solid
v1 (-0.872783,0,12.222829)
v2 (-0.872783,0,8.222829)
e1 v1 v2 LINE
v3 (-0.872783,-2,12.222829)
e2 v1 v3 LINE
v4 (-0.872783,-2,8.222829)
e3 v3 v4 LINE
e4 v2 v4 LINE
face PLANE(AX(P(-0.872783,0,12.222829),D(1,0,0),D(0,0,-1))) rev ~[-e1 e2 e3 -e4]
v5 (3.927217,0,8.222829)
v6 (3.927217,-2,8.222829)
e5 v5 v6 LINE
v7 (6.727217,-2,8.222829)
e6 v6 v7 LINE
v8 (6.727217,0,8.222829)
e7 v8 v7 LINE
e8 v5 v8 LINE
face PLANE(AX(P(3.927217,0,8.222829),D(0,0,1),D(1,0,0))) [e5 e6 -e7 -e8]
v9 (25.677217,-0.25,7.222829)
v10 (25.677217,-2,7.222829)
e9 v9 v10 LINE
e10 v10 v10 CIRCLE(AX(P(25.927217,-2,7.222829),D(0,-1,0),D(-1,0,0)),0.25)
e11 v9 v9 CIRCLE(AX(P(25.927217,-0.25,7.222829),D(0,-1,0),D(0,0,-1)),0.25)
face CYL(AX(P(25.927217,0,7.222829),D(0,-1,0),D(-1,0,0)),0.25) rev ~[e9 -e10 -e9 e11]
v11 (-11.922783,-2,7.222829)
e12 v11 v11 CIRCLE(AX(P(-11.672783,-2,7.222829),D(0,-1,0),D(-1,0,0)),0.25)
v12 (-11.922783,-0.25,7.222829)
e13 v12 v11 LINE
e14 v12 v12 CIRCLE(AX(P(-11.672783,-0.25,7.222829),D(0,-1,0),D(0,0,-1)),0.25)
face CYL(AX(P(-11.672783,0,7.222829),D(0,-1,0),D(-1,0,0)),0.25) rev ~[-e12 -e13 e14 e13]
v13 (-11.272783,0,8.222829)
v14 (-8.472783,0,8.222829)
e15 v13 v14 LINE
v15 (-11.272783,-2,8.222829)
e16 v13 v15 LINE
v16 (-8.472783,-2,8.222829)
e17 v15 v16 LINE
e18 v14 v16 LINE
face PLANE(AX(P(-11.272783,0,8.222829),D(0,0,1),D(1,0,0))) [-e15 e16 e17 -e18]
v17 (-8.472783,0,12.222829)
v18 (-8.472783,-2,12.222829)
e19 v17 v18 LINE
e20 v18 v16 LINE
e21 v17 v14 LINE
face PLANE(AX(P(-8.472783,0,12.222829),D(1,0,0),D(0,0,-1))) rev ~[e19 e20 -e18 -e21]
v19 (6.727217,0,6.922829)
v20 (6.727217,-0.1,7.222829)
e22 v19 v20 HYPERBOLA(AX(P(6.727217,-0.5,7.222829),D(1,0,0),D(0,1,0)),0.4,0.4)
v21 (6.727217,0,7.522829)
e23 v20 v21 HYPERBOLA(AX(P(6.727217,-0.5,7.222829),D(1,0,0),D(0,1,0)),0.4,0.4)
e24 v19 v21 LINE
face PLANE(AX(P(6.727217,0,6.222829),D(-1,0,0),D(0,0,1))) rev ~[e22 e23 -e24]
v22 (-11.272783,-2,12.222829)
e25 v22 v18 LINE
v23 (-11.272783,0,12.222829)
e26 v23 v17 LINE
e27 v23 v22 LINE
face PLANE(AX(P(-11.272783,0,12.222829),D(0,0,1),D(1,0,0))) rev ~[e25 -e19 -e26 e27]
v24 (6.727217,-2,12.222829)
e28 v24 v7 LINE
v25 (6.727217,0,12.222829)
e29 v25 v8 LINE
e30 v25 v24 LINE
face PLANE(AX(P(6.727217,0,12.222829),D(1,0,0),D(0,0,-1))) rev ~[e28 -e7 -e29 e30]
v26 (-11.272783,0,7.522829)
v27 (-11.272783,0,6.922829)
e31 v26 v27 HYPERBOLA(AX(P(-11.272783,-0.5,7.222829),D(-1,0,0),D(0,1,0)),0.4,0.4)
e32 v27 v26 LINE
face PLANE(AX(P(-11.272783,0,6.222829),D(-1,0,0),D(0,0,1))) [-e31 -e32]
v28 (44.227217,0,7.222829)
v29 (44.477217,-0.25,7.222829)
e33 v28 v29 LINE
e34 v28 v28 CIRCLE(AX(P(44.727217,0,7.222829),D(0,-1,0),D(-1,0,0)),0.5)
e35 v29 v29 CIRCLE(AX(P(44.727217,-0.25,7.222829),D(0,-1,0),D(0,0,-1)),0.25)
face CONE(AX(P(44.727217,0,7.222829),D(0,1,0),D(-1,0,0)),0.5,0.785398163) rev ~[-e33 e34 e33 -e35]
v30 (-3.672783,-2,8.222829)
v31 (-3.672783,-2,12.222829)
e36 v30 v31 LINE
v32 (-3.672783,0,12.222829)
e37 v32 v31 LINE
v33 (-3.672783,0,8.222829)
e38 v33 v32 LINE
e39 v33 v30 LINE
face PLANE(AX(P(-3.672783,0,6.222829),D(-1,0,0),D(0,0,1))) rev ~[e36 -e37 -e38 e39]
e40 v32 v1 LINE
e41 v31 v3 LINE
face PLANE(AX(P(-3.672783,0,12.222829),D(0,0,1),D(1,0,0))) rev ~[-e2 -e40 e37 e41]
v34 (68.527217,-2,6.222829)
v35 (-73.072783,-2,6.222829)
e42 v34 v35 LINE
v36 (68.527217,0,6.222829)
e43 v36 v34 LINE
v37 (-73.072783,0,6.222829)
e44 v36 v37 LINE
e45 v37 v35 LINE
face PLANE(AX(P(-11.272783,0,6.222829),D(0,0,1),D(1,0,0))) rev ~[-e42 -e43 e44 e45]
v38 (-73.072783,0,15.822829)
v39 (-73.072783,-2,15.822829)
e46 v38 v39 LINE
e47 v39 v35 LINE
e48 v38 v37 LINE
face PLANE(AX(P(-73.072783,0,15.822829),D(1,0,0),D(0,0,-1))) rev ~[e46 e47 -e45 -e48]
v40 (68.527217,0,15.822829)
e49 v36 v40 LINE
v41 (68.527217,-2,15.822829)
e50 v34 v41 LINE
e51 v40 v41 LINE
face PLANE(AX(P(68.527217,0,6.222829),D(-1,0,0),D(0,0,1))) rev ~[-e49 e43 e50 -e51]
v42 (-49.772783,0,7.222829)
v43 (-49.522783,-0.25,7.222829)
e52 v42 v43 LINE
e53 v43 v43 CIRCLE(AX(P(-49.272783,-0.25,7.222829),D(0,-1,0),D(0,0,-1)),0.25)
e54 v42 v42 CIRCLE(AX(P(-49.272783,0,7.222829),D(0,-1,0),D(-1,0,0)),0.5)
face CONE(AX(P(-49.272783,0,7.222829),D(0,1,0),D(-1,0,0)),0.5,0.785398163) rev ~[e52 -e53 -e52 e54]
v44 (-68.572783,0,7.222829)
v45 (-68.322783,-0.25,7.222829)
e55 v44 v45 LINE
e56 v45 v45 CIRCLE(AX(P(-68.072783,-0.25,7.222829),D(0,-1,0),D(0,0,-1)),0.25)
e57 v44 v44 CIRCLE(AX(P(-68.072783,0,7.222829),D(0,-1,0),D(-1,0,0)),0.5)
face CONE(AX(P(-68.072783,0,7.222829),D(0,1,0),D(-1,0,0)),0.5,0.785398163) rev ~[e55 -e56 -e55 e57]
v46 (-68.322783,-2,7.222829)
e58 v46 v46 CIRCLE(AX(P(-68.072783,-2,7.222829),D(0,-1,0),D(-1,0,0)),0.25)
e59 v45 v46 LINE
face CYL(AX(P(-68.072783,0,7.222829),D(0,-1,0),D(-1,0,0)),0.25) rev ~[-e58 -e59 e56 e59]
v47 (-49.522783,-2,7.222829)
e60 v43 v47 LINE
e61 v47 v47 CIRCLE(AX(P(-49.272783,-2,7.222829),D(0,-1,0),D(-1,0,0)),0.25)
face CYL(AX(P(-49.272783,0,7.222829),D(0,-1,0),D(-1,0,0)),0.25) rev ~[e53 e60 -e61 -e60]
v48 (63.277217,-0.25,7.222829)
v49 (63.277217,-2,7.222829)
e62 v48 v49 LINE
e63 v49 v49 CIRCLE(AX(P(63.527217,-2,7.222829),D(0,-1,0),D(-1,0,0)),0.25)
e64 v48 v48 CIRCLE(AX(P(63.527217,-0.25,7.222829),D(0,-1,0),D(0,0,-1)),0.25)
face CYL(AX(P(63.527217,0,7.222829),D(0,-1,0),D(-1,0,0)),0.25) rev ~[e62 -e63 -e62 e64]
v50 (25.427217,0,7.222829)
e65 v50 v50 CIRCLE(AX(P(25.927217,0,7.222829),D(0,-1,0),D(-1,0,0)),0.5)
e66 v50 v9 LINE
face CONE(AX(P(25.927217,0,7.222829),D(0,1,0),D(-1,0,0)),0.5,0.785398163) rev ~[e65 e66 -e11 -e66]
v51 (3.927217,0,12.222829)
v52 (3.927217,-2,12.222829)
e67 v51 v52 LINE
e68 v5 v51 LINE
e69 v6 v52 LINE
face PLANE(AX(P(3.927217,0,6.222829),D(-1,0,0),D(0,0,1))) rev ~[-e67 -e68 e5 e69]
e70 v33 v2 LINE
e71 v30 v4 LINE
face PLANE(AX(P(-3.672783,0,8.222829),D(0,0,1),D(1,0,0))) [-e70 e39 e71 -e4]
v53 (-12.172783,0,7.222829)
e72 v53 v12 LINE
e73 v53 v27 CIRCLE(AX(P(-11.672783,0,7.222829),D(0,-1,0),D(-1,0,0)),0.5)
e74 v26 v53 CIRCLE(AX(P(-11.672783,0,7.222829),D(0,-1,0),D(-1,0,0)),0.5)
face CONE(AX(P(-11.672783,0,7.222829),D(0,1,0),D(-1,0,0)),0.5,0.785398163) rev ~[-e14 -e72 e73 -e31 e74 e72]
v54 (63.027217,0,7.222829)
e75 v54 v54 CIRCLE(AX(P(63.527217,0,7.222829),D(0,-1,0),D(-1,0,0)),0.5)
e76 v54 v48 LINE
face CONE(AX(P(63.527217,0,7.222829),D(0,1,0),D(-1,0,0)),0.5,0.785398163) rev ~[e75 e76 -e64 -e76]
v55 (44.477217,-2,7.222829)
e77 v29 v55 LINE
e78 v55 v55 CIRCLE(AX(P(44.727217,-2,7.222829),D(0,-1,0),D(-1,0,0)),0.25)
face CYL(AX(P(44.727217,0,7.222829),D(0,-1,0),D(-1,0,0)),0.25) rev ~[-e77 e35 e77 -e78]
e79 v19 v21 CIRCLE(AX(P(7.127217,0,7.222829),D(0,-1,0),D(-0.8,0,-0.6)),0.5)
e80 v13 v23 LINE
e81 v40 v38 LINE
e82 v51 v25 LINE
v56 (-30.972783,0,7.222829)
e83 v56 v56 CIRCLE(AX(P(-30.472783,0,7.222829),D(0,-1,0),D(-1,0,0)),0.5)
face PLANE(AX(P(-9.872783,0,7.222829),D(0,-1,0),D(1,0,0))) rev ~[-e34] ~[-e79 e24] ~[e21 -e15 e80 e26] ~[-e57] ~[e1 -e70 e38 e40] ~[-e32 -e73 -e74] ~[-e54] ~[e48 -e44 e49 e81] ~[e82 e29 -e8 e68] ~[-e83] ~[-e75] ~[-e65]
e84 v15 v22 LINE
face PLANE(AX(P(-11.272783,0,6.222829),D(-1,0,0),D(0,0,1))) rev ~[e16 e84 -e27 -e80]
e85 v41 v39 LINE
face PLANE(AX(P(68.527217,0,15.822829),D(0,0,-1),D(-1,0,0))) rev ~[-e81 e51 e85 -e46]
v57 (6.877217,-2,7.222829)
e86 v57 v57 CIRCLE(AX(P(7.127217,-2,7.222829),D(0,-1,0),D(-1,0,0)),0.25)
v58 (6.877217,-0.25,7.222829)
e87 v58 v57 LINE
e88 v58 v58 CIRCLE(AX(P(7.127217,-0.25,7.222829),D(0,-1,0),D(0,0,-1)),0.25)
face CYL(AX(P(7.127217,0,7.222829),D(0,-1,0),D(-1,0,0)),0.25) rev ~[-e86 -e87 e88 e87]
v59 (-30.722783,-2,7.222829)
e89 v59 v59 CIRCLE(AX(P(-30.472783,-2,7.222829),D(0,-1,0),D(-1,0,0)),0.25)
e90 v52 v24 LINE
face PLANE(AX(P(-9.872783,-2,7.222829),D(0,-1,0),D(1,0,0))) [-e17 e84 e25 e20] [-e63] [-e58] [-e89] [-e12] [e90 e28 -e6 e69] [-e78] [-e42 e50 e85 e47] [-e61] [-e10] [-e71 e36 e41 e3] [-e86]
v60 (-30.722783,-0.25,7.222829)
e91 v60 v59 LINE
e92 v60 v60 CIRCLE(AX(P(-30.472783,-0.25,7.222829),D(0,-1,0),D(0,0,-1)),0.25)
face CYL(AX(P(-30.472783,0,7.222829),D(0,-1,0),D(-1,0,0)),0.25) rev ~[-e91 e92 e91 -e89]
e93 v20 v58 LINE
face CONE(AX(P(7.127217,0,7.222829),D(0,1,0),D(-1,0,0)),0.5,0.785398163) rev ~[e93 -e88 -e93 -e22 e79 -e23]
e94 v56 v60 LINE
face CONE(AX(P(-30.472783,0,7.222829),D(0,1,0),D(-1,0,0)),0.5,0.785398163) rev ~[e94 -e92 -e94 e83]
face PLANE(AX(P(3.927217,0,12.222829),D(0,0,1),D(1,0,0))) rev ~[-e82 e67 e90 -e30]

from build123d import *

# Parameters (mm, degrees)
F1_DEPTH       = 2
F2_D           = 0.5
F2_CSINK_D     = 1
F2_CSINK_ANGLE = 90
F0_W           = 2.8
F0_H           = 2
F3_DEPTH       = 2


with BuildPart() as f1:
    # F0 (on Front) → F1 (new body)
    with BuildSketch(Plane.XZ):
        Polygon((68.5272171855, 15.8228288673), (-73.0727828145, 15.8228288673), (-73.0727828145, 6.2228288673), (-11.2727828145, 6.2228288673), (-11.2727828145, 8.2228288673), (-11.2727828145, 12.2228288673), (-8.4727828145, 12.2228288673), (-8.4727828145, 8.2228288673), (-8.4727828145, 6.2228288673), (-3.6727828145, 6.2228288673), (-3.6727828145, 8.2228288673), (-3.6727828145, 12.2228288673), (-0.8727828145, 12.2228288673), (-0.8727828145, 8.2228288673), (-0.8727828145, 6.2228288673), (3.9272171855, 6.2228288673), (3.9272171855, 8.2228288673), (3.9272171855, 12.2228288673), (6.7272171855, 12.2228288673), (6.7272171855, 8.2228288673), (6.7272171855, 6.2228288673), (68.5272171855, 6.2228288673), align=None)
    extrude(amount=F1_DEPTH)

    # F2 (through all)
    with Locations(Plane(origin=(0, 0, 0), x_dir=(1, 0, 0), z_dir=(0, 1, 0))):
        with Locations((63.5272171855, -7.2228288673), (44.7272171855, -7.2228288673), (25.9272171855, -7.2228288673), (7.1272171855, -7.2228288673), (-11.6727828145, -7.2228288673), (-30.4727828145, -7.2228288673), (-49.2727828145, -7.2228288673), (-68.0727828145, -7.2228288673)):
            CounterSinkHole(F2_D / 2, F2_CSINK_D / 2, counter_sink_angle=F2_CSINK_ANGLE)

    # F0 (on Front) → F3 (join)
    with BuildSketch(Plane.XZ):
        with Locations((-9.8727828145, 7.2228288673)):
            Rectangle(F0_W, F0_H)
        with Locations((-2.2727828145, 7.2228288673)):
            Rectangle(F0_W, F0_H)
        with Locations((5.3272171855, 7.2228288673)):
            Rectangle(F0_W, F0_H)
    extrude(amount=F3_DEPTH)


solid = f1.part
